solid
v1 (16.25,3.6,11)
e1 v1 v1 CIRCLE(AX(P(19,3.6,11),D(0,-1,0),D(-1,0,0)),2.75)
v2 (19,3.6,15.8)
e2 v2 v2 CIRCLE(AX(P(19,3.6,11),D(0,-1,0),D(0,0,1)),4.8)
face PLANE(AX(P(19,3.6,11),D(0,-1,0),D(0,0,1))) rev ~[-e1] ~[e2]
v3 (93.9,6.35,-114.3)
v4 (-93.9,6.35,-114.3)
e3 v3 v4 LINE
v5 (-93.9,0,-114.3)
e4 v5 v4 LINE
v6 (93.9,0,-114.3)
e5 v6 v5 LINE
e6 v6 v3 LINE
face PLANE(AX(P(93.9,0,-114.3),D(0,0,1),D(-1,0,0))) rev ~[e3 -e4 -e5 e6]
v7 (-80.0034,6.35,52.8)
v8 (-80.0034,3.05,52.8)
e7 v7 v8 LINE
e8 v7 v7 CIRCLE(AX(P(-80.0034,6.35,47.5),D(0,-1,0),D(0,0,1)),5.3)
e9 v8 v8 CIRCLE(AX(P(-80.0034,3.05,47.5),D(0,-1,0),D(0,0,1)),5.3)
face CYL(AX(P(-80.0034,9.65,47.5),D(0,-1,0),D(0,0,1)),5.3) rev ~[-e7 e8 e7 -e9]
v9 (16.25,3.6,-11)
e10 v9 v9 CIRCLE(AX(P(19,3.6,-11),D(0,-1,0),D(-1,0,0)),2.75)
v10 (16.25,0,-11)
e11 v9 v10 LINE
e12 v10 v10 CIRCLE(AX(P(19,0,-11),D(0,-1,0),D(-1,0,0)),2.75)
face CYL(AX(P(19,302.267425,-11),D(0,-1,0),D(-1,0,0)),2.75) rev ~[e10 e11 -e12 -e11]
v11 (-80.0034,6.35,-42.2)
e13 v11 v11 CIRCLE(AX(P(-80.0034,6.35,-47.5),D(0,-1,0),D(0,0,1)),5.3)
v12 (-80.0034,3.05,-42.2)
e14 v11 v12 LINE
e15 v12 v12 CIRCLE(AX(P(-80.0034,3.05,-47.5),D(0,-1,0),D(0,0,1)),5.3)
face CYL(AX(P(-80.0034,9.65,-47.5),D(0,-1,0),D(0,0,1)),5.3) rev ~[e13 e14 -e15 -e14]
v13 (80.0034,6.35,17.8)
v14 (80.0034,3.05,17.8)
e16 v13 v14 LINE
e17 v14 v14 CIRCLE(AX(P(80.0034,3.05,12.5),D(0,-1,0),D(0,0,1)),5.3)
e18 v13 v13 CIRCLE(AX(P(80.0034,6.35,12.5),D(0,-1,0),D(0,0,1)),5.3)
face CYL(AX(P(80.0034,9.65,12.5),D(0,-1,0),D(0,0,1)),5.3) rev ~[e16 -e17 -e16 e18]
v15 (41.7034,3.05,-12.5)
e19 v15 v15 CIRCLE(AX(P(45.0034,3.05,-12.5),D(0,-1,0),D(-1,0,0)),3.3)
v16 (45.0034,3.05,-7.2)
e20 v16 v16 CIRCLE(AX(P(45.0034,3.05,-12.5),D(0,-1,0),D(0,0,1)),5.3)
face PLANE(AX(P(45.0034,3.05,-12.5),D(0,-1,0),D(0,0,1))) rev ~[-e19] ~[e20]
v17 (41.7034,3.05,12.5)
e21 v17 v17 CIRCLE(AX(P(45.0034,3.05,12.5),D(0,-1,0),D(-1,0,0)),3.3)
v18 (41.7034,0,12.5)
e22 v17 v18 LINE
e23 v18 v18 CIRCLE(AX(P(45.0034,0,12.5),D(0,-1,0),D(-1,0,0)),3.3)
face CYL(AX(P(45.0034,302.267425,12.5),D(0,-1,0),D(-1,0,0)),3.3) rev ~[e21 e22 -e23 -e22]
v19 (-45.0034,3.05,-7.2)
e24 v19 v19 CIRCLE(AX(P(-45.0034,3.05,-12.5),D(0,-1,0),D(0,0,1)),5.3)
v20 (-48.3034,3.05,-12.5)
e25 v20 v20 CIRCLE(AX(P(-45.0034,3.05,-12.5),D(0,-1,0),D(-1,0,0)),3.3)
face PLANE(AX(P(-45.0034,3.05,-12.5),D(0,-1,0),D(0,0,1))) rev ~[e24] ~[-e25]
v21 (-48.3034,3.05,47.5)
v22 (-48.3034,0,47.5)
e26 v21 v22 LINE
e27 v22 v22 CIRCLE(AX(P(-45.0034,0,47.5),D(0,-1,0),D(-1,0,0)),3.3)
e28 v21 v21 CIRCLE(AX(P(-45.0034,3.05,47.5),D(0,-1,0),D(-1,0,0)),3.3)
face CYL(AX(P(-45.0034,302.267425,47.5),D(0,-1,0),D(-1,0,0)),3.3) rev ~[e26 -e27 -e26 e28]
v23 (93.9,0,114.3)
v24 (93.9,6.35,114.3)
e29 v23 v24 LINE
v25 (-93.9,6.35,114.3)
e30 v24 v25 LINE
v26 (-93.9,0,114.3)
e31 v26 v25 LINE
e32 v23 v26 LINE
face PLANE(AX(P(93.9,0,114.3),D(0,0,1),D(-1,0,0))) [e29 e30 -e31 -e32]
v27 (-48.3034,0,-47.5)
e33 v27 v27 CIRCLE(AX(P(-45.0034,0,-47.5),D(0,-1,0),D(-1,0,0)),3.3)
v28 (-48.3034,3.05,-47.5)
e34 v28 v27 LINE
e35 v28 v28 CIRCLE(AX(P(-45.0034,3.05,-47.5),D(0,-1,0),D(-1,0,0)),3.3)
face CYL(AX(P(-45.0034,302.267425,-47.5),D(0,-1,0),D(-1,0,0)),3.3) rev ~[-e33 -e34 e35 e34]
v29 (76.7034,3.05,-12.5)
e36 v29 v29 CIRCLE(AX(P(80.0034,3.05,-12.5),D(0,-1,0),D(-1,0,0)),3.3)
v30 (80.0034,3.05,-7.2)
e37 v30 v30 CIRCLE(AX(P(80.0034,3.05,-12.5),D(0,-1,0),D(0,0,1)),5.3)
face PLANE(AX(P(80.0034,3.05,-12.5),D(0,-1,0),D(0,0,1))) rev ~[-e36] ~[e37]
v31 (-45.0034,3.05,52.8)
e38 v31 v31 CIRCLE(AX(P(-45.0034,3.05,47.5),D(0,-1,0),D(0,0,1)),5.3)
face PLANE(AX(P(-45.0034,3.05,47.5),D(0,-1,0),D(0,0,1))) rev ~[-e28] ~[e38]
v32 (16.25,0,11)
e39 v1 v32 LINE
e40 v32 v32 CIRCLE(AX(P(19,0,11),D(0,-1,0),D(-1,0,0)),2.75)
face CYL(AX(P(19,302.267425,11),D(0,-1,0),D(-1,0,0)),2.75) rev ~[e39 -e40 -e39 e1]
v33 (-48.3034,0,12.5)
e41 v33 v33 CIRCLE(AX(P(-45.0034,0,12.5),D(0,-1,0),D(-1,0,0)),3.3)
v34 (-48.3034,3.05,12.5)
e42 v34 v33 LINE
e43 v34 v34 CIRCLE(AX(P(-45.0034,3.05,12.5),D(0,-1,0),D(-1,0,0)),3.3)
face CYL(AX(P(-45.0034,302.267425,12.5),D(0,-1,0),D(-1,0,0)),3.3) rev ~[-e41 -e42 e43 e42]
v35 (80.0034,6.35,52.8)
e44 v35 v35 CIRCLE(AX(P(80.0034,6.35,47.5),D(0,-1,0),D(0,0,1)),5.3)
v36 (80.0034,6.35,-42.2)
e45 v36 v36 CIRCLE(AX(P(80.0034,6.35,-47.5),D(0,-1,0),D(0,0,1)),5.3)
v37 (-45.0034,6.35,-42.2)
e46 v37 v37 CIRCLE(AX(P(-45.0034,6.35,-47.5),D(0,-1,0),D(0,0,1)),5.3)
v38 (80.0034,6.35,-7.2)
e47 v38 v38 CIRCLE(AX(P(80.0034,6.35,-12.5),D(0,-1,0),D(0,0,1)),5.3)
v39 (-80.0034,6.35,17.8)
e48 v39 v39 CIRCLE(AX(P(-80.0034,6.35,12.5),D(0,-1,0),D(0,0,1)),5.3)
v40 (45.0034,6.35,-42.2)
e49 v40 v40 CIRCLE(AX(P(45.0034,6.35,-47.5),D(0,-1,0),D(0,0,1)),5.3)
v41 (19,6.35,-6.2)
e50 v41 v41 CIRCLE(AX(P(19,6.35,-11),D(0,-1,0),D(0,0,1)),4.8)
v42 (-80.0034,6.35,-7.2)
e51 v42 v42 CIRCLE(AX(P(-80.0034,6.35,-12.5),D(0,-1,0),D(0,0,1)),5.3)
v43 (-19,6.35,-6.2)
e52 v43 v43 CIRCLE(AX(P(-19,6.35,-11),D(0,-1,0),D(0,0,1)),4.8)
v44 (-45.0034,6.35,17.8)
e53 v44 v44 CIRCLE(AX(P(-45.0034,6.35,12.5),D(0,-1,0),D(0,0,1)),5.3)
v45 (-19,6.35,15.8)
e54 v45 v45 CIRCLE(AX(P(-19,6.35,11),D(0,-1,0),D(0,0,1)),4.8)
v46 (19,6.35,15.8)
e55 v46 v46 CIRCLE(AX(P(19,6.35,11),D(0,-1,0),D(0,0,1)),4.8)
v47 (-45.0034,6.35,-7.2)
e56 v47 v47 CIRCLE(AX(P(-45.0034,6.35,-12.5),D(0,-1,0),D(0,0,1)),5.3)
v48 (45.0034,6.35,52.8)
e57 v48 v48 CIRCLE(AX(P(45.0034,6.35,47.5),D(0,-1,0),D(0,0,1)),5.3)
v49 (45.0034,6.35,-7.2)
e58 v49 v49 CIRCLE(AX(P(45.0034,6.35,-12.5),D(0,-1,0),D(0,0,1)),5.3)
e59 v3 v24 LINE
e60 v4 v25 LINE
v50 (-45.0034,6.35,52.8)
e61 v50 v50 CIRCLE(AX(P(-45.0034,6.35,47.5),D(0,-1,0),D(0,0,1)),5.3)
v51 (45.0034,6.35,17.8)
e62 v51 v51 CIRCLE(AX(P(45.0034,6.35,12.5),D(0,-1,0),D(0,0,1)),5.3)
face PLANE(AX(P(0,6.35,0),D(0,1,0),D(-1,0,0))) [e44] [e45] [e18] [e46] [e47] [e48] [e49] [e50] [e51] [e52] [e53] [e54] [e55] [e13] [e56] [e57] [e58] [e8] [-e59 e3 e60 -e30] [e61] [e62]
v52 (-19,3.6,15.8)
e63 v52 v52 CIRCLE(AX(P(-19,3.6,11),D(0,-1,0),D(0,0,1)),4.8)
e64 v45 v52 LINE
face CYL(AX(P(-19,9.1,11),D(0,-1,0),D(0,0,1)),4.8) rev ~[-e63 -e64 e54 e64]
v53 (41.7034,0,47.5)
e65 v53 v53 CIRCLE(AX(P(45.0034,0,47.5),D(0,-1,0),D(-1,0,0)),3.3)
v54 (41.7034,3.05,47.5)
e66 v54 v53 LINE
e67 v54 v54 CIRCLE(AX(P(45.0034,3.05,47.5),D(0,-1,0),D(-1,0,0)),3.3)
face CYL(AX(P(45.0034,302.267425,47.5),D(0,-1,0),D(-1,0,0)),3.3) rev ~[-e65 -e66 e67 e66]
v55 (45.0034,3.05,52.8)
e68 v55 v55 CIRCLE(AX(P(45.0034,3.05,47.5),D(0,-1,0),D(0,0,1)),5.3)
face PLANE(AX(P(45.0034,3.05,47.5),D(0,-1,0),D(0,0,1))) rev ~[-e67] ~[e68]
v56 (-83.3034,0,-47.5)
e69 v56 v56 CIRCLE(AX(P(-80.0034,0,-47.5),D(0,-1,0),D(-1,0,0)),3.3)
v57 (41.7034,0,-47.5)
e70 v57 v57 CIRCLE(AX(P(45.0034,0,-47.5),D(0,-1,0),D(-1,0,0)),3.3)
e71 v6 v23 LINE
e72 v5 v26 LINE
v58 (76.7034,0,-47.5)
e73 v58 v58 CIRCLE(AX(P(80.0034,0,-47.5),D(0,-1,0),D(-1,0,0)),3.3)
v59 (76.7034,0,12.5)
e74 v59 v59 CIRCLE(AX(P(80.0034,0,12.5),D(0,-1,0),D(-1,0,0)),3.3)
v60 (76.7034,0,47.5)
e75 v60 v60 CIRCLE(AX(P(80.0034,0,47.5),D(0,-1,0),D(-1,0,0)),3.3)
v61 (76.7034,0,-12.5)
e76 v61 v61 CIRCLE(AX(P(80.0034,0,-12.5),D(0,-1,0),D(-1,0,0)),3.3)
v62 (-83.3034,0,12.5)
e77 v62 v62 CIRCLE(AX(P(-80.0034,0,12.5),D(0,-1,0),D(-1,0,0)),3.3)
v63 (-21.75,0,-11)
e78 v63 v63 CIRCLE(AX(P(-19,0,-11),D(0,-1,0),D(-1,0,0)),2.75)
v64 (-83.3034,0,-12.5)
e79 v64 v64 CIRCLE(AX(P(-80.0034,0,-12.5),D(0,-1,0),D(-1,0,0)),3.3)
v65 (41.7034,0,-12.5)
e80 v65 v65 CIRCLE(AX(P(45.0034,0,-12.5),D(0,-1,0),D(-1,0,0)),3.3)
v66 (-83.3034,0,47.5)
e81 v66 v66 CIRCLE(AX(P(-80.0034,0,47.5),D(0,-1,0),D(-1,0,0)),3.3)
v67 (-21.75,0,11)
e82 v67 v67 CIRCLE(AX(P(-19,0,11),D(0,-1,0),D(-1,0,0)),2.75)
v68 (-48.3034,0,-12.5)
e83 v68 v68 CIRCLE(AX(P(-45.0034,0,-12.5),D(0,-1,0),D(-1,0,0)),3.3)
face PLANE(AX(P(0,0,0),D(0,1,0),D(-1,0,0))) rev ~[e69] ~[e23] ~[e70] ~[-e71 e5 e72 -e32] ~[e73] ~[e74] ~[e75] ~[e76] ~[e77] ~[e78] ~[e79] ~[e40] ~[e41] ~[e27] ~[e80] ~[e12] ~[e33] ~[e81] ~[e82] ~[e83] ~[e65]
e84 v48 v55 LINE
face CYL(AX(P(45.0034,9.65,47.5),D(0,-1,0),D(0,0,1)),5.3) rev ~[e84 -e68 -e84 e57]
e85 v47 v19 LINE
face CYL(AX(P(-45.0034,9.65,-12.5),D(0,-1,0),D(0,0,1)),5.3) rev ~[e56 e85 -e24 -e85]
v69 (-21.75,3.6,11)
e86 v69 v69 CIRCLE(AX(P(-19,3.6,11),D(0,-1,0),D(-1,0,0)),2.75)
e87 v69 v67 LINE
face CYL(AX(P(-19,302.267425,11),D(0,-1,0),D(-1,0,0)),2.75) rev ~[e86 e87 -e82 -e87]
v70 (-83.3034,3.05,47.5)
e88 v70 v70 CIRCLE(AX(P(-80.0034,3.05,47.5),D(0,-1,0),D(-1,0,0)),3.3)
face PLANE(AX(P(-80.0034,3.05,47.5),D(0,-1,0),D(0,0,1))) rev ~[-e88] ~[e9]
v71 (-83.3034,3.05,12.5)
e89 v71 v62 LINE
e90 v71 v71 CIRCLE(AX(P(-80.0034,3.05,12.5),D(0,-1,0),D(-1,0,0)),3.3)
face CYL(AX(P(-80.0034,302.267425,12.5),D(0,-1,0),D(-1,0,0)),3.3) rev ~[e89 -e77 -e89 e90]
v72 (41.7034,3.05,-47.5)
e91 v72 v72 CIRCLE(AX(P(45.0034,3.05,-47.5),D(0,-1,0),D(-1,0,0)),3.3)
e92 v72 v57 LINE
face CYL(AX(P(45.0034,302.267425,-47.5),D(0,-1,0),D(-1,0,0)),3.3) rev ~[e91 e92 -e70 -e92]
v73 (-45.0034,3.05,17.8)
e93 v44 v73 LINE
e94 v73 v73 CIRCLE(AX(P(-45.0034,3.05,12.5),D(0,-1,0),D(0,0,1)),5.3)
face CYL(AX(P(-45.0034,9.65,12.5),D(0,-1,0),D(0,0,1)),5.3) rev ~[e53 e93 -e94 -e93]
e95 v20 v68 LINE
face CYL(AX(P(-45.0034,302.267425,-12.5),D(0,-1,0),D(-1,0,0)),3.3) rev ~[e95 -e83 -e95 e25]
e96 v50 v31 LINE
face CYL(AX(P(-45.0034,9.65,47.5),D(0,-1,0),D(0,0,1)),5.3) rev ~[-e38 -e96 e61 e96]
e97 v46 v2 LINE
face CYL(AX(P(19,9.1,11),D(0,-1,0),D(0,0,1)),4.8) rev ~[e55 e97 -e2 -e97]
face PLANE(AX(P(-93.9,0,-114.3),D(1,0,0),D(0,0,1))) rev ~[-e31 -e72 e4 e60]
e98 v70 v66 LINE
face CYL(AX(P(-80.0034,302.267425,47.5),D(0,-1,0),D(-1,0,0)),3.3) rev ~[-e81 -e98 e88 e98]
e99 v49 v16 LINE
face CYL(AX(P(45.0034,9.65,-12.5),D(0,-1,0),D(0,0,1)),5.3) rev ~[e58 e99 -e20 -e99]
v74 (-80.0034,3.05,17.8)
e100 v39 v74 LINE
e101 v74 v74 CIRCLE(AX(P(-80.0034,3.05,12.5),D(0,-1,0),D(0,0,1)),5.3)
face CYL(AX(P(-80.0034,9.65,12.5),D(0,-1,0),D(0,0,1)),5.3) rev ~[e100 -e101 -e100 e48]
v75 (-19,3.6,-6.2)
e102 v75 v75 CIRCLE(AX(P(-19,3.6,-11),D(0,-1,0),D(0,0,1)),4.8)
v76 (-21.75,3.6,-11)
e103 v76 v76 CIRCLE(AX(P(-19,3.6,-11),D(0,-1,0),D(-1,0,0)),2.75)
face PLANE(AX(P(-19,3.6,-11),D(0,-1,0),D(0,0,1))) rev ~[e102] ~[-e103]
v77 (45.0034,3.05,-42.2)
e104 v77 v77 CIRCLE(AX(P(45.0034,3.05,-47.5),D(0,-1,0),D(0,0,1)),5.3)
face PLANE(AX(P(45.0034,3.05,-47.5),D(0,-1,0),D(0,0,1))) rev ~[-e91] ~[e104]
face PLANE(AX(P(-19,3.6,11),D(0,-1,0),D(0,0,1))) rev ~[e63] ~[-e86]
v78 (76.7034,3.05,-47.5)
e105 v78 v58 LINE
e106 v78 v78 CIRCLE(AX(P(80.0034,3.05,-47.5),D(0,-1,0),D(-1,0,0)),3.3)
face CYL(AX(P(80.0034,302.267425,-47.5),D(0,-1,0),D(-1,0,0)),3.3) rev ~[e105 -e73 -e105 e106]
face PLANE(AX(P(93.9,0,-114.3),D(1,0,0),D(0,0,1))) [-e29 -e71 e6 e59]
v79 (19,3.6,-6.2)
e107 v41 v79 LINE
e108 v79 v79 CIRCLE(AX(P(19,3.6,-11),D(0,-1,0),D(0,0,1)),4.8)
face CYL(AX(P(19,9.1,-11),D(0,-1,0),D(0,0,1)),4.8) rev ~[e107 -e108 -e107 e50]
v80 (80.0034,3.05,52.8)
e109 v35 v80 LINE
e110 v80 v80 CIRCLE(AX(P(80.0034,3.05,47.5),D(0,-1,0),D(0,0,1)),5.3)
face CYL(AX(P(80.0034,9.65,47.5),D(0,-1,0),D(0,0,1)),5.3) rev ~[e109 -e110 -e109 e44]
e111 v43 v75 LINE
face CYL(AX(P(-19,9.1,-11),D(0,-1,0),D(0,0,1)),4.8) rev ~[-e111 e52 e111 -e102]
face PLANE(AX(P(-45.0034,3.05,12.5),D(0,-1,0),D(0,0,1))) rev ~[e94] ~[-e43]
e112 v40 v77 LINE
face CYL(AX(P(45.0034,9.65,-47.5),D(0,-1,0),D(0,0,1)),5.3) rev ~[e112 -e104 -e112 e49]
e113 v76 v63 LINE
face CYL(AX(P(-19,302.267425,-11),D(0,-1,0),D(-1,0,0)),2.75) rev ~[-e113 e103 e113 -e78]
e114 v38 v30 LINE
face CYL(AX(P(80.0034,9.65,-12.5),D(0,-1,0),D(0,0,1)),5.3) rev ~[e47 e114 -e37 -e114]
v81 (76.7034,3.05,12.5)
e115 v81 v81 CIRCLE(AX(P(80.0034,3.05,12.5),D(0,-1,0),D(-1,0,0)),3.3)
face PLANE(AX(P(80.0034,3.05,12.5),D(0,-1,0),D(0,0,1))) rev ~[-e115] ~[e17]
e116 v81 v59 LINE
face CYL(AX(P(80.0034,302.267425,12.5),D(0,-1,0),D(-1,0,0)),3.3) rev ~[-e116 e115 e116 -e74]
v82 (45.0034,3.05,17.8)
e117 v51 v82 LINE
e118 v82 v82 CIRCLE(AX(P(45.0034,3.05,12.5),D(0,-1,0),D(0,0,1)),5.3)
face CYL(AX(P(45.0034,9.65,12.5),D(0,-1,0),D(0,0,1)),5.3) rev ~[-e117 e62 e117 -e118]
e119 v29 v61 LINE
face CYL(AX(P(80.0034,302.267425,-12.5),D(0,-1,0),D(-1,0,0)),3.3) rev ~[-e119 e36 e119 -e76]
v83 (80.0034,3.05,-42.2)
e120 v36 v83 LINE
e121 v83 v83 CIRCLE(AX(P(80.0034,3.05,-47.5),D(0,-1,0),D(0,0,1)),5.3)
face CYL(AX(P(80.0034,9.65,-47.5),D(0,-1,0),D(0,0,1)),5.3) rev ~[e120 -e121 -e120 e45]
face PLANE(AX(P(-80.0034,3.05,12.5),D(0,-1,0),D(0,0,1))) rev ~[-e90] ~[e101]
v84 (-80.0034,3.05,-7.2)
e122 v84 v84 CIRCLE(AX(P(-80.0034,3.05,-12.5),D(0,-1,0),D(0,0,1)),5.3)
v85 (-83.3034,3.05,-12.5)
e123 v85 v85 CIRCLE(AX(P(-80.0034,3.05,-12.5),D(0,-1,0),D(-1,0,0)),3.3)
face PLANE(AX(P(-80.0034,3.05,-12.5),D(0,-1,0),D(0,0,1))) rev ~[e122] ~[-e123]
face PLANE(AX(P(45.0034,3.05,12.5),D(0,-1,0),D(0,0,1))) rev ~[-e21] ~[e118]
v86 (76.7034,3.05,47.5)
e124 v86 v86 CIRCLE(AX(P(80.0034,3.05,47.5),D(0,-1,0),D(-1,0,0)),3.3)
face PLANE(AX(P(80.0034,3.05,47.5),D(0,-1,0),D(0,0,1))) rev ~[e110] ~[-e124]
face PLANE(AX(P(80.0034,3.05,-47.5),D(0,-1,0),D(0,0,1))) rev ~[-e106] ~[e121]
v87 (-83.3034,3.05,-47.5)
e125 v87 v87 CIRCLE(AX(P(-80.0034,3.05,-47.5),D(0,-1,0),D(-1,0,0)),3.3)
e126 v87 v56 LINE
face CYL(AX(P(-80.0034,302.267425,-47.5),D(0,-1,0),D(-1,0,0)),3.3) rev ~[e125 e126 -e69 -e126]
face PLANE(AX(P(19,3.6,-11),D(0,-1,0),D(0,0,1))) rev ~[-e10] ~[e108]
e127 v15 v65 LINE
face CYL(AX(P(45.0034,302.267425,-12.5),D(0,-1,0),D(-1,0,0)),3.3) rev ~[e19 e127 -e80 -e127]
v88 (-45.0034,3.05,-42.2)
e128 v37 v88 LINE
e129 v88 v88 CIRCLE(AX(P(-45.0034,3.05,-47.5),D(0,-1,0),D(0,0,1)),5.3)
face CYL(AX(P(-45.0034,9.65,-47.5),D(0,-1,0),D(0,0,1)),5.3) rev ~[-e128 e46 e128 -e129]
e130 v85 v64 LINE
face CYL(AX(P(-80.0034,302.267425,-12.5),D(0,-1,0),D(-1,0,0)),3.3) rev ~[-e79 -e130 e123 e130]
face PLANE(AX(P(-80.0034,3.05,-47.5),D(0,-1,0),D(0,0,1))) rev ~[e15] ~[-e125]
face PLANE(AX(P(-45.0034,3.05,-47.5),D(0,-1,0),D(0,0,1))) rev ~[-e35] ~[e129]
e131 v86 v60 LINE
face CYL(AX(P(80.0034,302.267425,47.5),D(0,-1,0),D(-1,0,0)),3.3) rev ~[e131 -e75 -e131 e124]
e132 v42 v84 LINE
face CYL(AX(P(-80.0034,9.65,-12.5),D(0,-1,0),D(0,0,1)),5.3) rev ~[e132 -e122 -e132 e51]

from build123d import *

# Parameters (mm, degrees)
SKETCH1_W        = 187.8
SKETCH1_H        = 228.6
EXTRUSION1_DEPTH = 6.35
HOLE4_D          = 6.6
HOLE5_D          = 5.5
HOLE6_D          = 10.6
HOLE6_DEPTH      = 3.3
HOLE7_D          = 9.6
HOLE7_DEPTH      = 2.75


with BuildPart() as part:
    # Sketch1 → Extrusion1 (new body)
    with BuildSketch(Plane(origin=(0, 0, 0), x_dir=(-1, 0, 0), z_dir=(0, 1, 0))):
        Rectangle(SKETCH1_W, SKETCH1_H)
    extrude(amount=EXTRUSION1_DEPTH)

    # Hole4 (through all)
    with Locations(Plane(origin=(0, 6.35, 0), x_dir=(1, 0, 0), z_dir=(0, 1, 0))):
        with Locations((-80.0034, 12.5), (-80.0034, 47.5), (-80.0034, -12.5), (-80.0034, -47.5), (-45.0034, -12.5), (-45.0034, -47.5), (-45.0034, 12.5), (-45.0034, 47.5), (80.0034, 47.5), (80.0034, 12.5), (80.0034, -12.5), (80.0034, -47.5), (45.0034, -47.5), (45.0034, -12.5), (45.0034, 12.5), (45.0034, 47.5)):
            Hole(HOLE4_D / 2)

    # Hole5 (through all)
    with Locations(Plane(origin=(0, 6.35, 0), x_dir=(1, 0, 0), z_dir=(0, 1, 0))):
        with Locations((-19, 11), (19, 11), (-19, -11), (19, -11)):
            Hole(HOLE5_D / 2)

    # Hole6
    with Locations(Plane(origin=(-80.0034, 6.35, -47.5), x_dir=(0, 0, -1), z_dir=(0, 1, 0))):
        with Locations((0, 0), (0, -35), (-35, -35), (-35, 0), (-60, 0), (-60, -35), (-95, -35), (-95, 0), (-95, -160.0068), (-60, -160.0068), (0, -160.0068), (-35, -160.0068), (0, -125.0068), (-35, -125.0068), (-95, -125.0068), (-60, -125.0068)):
            Hole(HOLE6_D / 2, depth=HOLE6_DEPTH)

    # Hole7
    with Locations(Plane(origin=(-19, 6.35, -11), x_dir=(0, 0, -1), z_dir=(0, 1, 0))):
        with Locations((0, 0), (0, -38), (-22, -38), (-22, 0)):
            Hole(HOLE7_D / 2, depth=HOLE7_DEPTH)


solid = part.part
